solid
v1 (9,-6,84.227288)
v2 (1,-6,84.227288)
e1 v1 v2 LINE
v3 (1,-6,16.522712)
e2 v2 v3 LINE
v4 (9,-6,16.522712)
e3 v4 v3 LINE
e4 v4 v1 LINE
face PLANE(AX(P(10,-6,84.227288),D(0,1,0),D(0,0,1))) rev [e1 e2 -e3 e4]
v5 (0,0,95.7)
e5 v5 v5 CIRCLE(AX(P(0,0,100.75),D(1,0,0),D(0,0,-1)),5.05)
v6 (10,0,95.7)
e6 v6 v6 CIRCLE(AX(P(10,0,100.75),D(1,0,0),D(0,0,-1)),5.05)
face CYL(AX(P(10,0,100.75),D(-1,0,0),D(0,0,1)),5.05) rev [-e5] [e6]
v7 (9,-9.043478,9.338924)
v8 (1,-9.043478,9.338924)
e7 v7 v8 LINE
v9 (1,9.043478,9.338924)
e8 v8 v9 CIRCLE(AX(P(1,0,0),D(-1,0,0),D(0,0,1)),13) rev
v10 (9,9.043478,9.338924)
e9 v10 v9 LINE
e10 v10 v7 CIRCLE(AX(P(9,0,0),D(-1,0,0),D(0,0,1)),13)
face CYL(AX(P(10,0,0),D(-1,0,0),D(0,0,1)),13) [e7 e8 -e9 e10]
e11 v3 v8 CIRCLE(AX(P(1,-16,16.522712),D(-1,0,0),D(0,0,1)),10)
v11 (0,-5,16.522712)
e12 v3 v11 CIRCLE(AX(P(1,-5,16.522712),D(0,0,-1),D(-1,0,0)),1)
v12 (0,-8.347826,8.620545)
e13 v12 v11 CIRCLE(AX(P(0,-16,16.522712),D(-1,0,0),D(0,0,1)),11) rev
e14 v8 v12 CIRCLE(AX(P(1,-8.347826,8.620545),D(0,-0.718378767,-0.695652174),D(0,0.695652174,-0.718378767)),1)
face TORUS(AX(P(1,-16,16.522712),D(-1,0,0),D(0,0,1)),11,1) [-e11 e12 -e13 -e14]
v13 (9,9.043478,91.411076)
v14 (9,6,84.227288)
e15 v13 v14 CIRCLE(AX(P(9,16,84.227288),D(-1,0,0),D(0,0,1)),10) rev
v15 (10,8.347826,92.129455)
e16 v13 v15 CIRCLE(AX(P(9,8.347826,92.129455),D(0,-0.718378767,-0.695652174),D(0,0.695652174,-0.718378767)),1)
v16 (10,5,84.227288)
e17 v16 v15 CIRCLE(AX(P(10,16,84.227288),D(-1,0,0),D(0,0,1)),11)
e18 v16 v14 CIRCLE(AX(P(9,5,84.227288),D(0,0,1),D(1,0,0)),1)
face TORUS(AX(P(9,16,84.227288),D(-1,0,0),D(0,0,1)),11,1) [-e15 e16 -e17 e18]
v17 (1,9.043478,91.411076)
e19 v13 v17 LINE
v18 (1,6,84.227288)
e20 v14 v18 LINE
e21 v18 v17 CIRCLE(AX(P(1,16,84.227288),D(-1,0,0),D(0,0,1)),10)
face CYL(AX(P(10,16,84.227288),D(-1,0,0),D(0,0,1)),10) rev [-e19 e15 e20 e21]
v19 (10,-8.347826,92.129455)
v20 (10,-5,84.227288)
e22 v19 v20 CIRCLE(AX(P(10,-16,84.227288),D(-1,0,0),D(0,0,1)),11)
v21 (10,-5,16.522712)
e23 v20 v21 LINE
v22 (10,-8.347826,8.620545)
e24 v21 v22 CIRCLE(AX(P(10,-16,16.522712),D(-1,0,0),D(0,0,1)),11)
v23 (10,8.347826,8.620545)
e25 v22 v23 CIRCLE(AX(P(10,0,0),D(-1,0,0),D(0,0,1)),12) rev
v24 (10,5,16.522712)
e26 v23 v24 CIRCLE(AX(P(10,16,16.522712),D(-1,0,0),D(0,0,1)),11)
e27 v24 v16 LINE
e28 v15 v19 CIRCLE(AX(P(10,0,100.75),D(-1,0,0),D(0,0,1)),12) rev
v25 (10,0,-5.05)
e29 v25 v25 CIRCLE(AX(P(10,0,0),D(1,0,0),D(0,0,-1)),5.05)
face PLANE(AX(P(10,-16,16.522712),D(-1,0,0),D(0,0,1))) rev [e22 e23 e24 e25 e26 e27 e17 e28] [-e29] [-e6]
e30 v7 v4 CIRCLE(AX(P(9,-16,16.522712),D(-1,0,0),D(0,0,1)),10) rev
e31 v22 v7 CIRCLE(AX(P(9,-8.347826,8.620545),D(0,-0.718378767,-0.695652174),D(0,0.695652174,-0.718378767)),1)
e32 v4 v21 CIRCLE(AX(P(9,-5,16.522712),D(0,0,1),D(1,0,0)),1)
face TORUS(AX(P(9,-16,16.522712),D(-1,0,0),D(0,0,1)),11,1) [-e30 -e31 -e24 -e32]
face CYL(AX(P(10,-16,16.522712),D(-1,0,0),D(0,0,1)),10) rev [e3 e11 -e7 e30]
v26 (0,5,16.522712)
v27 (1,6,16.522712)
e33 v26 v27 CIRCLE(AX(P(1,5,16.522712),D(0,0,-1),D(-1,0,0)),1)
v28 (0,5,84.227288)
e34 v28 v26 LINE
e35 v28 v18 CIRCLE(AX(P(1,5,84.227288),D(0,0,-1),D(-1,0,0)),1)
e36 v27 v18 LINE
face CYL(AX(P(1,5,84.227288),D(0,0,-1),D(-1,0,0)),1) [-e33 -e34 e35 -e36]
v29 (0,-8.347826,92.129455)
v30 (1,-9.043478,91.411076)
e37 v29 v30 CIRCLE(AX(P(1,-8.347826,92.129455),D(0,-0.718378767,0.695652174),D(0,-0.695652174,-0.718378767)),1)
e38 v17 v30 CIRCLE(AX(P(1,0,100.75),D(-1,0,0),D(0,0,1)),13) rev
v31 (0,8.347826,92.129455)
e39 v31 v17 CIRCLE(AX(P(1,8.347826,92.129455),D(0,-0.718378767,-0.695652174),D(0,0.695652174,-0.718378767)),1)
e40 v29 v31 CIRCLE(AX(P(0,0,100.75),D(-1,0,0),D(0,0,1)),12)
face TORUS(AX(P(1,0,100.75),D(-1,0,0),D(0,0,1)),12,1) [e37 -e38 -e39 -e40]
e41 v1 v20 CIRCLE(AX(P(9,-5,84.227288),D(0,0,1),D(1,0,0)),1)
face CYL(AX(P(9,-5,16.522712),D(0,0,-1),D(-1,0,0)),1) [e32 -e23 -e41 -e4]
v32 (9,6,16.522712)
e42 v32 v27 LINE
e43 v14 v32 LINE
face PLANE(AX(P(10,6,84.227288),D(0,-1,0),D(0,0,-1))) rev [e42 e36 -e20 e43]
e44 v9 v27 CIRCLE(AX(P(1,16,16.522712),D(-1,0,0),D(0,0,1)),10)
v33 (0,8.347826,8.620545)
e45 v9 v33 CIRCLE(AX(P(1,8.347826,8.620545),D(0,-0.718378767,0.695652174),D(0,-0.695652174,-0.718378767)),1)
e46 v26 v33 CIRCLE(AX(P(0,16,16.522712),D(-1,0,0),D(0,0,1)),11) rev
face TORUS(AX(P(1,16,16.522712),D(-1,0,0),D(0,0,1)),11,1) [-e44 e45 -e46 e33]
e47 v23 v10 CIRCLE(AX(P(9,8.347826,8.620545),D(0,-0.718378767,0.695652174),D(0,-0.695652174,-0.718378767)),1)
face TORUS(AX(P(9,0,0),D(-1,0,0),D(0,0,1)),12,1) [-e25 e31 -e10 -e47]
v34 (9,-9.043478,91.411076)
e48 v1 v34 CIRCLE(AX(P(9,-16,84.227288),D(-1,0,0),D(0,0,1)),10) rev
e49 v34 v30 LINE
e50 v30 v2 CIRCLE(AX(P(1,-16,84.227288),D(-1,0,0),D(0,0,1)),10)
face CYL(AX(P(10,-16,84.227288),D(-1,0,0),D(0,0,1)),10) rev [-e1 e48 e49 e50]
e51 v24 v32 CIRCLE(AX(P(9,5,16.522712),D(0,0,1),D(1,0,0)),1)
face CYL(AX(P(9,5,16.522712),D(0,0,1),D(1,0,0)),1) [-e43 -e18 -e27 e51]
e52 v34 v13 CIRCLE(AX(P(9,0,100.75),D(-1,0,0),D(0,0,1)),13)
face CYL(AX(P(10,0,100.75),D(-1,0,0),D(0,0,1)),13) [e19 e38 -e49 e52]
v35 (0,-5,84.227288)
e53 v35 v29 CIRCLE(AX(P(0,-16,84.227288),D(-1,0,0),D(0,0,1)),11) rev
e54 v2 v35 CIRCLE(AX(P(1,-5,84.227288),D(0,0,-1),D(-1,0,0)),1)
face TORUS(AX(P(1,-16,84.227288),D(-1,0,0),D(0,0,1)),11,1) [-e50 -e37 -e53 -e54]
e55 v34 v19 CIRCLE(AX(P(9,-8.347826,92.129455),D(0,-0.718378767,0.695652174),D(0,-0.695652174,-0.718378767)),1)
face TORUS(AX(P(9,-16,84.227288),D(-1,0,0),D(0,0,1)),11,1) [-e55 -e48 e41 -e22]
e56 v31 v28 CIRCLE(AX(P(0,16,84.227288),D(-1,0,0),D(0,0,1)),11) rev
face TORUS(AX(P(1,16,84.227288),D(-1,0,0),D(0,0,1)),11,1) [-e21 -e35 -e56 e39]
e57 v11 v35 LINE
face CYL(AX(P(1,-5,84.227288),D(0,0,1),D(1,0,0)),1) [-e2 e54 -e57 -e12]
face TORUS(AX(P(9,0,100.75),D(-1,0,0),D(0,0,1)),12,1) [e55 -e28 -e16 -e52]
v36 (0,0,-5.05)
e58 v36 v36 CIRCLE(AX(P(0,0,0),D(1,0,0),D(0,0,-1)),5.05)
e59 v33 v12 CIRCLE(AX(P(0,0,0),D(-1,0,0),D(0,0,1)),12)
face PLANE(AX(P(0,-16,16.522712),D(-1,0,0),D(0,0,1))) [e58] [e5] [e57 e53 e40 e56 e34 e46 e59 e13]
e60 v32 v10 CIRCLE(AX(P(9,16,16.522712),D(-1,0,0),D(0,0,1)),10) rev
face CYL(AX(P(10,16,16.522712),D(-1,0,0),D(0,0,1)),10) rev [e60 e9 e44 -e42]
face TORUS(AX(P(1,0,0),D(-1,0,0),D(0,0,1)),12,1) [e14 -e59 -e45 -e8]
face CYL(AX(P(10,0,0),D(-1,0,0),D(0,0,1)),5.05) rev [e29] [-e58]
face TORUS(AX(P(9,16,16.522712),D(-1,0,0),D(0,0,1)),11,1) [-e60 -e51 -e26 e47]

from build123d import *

# Parameters (mm, degrees)
SKETCH_1_R      = 5.05
EXTRUDE_1_DEPTH = 10
FILLET_1_R      = 1


with BuildPart() as part:
    # 草图1 → 凸台-拉伸1 (new body)
    with BuildSketch(Plane(origin=(0, 0, 0), x_dir=(0, 0, -1), z_dir=(1, 0, 0))):
        with BuildLine():
            Line((-84.227288358, 6), (-16.522711642, 6))
            ThreePointArc((-16.522711642, 6), (-12.621764154, 6.792252789), (-9.338923971, 9.043478261))
            ThreePointArc((-9.338923971, 9.043478261), (13, 0), (-9.338923971, -9.043478261))
            ThreePointArc((-9.338923971, -9.043478261), (-12.621764154, -6.792252789), (-16.522711642, -6))
            Line((-16.522711642, -6), (-84.227288358, -6))
            ThreePointArc((-84.227288358, -6), (-88.128235846, -6.792252789), (-91.411076029, -9.043478261))
            ThreePointArc((-91.411076029, -9.043478261), (-113.75, 0), (-91.411076029, 9.043478261))
            ThreePointArc((-91.411076029, 9.043478261), (-88.128235846, 6.792252789), (-84.227288358, 6))
        make_face()
        with Locations((-100.75, 0)):
            Circle(SKETCH_1_R, mode=Mode.SUBTRACT)
        Circle(SKETCH_1_R, mode=Mode.SUBTRACT)
    extrude(amount=EXTRUDE_1_DEPTH)

    # 圆角1
    fillet_1_edges = [part.edges().sort_by_distance(p)[0] for p in [
        (0, 6, 50.375),
        (0, 6.792252789, 12.621764154),
        (0, 0, -13),
        (0, -6.792252789, 12.621764154),
        (10, 6.792252789, 12.621764154),
        (10, 6, 50.375),
        (10, 6.792252789, 88.128235846),
        (10, 0, 113.75),
        (10, -6.792252789, 88.128235846),
        (10, -6, 50.375),
        (10, -6.792252789, 12.621764154),
        (0, -6, 50.375),
        (10, 0, -13),
        (0, -6.792252789, 88.128235846),
        (0, 0, 113.75),
        (0, 6.792252789, 88.128235846),
    ]]
    fillet(fillet_1_edges, radius=FILLET_1_R)


solid = part.part
